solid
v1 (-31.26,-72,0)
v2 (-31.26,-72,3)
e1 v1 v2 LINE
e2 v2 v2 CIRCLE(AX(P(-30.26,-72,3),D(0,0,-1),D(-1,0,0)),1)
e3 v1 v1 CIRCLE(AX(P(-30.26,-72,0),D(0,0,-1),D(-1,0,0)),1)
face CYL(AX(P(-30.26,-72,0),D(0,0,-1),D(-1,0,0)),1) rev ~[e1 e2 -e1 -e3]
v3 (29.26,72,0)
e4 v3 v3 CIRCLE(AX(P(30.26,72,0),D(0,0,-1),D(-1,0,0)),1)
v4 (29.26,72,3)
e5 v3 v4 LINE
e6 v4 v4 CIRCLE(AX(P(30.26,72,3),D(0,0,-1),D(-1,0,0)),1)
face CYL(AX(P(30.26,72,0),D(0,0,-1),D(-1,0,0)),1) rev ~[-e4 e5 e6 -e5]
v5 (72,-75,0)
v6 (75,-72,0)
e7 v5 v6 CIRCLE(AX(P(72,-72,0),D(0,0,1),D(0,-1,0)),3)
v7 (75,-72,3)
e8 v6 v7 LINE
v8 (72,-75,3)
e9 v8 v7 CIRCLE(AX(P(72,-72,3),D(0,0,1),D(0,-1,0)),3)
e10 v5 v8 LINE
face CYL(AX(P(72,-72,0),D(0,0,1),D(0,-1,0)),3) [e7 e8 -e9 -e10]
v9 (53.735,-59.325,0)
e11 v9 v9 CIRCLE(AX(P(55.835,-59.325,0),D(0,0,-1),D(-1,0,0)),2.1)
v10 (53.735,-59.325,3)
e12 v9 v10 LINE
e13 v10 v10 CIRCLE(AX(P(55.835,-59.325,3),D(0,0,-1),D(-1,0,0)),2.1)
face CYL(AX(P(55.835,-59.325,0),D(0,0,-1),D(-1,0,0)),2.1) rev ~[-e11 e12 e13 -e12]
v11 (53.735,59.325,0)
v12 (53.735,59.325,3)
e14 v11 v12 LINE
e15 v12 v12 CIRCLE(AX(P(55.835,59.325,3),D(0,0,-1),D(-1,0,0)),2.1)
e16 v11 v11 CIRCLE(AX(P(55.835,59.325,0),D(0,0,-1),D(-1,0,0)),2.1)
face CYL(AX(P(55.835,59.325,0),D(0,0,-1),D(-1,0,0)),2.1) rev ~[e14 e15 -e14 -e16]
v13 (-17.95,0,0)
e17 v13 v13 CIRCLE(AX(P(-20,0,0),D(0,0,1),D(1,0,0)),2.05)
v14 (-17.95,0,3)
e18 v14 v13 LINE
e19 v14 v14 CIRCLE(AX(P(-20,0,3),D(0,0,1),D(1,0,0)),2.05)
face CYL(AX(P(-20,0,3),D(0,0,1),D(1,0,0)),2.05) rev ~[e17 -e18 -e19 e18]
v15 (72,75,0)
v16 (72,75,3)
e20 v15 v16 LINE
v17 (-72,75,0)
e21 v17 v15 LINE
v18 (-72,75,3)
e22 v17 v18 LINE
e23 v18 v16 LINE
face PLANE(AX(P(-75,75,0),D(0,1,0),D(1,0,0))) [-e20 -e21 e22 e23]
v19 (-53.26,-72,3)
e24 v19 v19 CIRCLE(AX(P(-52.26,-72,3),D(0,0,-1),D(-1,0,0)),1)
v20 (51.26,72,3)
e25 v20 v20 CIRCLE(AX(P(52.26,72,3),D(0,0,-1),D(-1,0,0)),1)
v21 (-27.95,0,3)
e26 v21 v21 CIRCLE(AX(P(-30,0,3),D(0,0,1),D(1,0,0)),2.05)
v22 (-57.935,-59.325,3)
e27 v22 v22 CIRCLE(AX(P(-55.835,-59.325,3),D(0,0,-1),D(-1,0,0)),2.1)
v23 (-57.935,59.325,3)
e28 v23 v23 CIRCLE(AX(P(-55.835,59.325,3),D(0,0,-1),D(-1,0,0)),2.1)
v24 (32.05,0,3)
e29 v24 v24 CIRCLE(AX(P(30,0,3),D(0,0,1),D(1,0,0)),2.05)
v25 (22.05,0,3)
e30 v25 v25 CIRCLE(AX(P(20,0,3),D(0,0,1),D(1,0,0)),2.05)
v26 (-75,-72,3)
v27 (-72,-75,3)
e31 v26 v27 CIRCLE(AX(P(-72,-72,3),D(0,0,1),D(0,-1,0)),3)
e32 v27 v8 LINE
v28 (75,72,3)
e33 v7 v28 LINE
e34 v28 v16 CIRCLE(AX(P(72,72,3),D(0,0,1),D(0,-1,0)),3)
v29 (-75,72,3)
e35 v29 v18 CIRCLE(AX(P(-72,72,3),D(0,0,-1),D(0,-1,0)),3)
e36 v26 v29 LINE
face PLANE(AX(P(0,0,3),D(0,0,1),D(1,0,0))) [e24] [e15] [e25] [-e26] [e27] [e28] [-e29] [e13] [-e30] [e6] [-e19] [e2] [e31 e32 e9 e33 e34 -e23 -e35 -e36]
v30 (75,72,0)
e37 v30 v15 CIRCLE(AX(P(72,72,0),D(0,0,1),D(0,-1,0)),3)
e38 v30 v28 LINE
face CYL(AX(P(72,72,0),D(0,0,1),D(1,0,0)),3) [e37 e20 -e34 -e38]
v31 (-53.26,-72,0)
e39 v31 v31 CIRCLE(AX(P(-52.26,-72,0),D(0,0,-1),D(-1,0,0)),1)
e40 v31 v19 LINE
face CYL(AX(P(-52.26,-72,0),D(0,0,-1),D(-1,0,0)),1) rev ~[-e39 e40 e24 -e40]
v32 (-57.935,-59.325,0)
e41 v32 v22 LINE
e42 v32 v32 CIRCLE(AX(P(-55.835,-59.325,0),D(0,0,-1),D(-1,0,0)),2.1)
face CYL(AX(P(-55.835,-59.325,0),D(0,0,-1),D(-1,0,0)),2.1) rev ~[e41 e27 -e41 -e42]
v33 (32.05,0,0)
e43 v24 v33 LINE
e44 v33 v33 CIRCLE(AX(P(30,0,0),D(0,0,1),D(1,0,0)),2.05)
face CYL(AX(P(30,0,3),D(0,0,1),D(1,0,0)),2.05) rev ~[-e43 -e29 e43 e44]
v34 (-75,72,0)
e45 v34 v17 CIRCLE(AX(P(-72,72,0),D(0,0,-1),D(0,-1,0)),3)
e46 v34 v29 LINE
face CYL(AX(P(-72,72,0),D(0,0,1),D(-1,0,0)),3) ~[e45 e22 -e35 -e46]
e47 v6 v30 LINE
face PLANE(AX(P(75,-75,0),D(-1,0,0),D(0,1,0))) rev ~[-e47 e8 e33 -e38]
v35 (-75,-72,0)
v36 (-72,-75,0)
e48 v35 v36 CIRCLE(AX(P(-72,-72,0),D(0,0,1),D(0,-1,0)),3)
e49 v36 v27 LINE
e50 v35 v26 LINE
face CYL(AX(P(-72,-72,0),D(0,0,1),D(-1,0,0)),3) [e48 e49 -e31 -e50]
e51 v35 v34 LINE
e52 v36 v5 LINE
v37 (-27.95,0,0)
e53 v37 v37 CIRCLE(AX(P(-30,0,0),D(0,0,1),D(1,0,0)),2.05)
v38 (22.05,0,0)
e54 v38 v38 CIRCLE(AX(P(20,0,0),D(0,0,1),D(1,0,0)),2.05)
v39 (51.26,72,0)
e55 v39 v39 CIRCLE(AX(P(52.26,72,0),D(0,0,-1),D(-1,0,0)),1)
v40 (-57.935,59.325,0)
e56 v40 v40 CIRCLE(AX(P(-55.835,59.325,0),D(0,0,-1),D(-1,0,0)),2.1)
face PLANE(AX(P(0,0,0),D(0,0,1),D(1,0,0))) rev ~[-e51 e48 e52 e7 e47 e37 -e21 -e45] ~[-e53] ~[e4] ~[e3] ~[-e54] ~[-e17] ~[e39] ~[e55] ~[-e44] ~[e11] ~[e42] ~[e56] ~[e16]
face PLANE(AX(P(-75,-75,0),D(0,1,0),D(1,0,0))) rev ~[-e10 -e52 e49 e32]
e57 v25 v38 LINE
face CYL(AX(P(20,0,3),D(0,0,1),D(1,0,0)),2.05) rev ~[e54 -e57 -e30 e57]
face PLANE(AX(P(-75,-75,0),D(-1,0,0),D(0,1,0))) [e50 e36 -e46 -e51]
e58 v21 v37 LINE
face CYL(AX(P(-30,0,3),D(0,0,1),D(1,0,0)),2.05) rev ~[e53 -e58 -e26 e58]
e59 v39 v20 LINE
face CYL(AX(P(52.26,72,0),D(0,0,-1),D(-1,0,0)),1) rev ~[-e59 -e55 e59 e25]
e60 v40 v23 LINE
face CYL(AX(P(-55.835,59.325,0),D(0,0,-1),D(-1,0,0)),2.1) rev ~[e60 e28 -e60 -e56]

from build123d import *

# Parameters (mm, degrees)
SKETCH1_W           = 150
SKETCH1_H           = 150
BOSS_EXTRUDE1_DEPTH = 3
FILLET1_R           = 3
SKETCH2_R           = 2.1
CUT_EXTRUDE1_DEPTH  = 3
SKETCH3_R           = 1
CUT_EXTRUDE2_DEPTH  = 3
CUT_EXTRUDE_1_REACH = 108.108
SKETCH_2_R          = 2.05


with BuildPart() as part:
    # Sketch1 → Boss-Extrude1 (new body)
    with BuildSketch(Plane.XY):
        Rectangle(SKETCH1_W, SKETCH1_H)
    extrude(amount=BOSS_EXTRUDE1_DEPTH)

    # Fillet1
    fillet1_edges = [part.edges().sort_by_distance(p)[0] for p in [
        (75, -75, 1.5),
        (-75, -75, 1.5),
        (-75, 75, 1.5),
        (75, 75, 1.5),
    ]]
    fillet(fillet1_edges, radius=FILLET1_R)

    # Sketch2 → Cut-Extrude1 (cut)
    with BuildSketch(Plane(origin=(0, 0, 0), x_dir=(-1, 0, 0), z_dir=(0, 0, -1))):
        with Locations((-55.835, 59.325)):
            Circle(SKETCH2_R)
        with Locations((55.835, 59.325)):
            Circle(SKETCH2_R)
        with Locations((-55.835, -59.325)):
            Circle(SKETCH2_R)
        with Locations((55.835, -59.325)):
            Circle(SKETCH2_R)
    extrude(amount=-CUT_EXTRUDE1_DEPTH, mode=Mode.SUBTRACT)

    # Sketch3 → Cut-Extrude2 (cut)
    with BuildSketch(Plane(origin=(0, 0, 0), x_dir=(-1, 0, 0), z_dir=(0, 0, -1))):
        with Locations((-52.26, 72)):
            Circle(SKETCH3_R)
        with Locations((-30.26, 72)):
            Circle(SKETCH3_R)
        with Locations((52.26, -72)):
            Circle(SKETCH3_R)
        with Locations((30.26, -72)):
            Circle(SKETCH3_R)
    extrude(amount=-CUT_EXTRUDE2_DEPTH, mode=Mode.SUBTRACT)

    # 草图2 → 切除-拉伸1 (cut, up to next)
    with BuildSketch(Plane.XY.offset(3), mode=Mode.PRIVATE) as cut_extrude_1_sk1:
        with Locations((-30, 0)):
            Circle(SKETCH_2_R)
    cut_extrude_1_tool1 = extrude(cut_extrude_1_sk1.sketch, amount=-CUT_EXTRUDE_1_REACH, mode=Mode.PRIVATE) & part.part
    # 草图2 → 切除-拉伸1 (cut, up to next)
    with BuildSketch(Plane.XY.offset(3), mode=Mode.PRIVATE) as cut_extrude_1_sk2:
        with Locations((-20, 0)):
            Circle(SKETCH_2_R)
    cut_extrude_1_tool2 = extrude(cut_extrude_1_sk2.sketch, amount=-CUT_EXTRUDE_1_REACH, mode=Mode.PRIVATE) & part.part
    # 草图2 → 切除-拉伸1 (cut, up to next)
    with BuildSketch(Plane.XY.offset(3), mode=Mode.PRIVATE) as cut_extrude_1_sk3:
        with Locations((30, 0)):
            Circle(SKETCH_2_R)
    cut_extrude_1_tool3 = extrude(cut_extrude_1_sk3.sketch, amount=-CUT_EXTRUDE_1_REACH, mode=Mode.PRIVATE) & part.part
    # 草图2 → 切除-拉伸1 (cut, up to next)
    with BuildSketch(Plane.XY.offset(3), mode=Mode.PRIVATE) as cut_extrude_1_sk4:
        with Locations((20, 0)):
            Circle(SKETCH_2_R)
    cut_extrude_1_tool4 = extrude(cut_extrude_1_sk4.sketch, amount=-CUT_EXTRUDE_1_REACH, mode=Mode.PRIVATE) & part.part
    add(cut_extrude_1_tool1.solids().sort_by_distance((-30, 0, 3))[0], mode=Mode.SUBTRACT)
    add(cut_extrude_1_tool2.solids().sort_by_distance((-20, 0, 3))[0], mode=Mode.SUBTRACT)
    add(cut_extrude_1_tool3.solids().sort_by_distance((30, 0, 3))[0], mode=Mode.SUBTRACT)
    add(cut_extrude_1_tool4.solids().sort_by_distance((20, 0, 3))[0], mode=Mode.SUBTRACT)


solid = part.part
